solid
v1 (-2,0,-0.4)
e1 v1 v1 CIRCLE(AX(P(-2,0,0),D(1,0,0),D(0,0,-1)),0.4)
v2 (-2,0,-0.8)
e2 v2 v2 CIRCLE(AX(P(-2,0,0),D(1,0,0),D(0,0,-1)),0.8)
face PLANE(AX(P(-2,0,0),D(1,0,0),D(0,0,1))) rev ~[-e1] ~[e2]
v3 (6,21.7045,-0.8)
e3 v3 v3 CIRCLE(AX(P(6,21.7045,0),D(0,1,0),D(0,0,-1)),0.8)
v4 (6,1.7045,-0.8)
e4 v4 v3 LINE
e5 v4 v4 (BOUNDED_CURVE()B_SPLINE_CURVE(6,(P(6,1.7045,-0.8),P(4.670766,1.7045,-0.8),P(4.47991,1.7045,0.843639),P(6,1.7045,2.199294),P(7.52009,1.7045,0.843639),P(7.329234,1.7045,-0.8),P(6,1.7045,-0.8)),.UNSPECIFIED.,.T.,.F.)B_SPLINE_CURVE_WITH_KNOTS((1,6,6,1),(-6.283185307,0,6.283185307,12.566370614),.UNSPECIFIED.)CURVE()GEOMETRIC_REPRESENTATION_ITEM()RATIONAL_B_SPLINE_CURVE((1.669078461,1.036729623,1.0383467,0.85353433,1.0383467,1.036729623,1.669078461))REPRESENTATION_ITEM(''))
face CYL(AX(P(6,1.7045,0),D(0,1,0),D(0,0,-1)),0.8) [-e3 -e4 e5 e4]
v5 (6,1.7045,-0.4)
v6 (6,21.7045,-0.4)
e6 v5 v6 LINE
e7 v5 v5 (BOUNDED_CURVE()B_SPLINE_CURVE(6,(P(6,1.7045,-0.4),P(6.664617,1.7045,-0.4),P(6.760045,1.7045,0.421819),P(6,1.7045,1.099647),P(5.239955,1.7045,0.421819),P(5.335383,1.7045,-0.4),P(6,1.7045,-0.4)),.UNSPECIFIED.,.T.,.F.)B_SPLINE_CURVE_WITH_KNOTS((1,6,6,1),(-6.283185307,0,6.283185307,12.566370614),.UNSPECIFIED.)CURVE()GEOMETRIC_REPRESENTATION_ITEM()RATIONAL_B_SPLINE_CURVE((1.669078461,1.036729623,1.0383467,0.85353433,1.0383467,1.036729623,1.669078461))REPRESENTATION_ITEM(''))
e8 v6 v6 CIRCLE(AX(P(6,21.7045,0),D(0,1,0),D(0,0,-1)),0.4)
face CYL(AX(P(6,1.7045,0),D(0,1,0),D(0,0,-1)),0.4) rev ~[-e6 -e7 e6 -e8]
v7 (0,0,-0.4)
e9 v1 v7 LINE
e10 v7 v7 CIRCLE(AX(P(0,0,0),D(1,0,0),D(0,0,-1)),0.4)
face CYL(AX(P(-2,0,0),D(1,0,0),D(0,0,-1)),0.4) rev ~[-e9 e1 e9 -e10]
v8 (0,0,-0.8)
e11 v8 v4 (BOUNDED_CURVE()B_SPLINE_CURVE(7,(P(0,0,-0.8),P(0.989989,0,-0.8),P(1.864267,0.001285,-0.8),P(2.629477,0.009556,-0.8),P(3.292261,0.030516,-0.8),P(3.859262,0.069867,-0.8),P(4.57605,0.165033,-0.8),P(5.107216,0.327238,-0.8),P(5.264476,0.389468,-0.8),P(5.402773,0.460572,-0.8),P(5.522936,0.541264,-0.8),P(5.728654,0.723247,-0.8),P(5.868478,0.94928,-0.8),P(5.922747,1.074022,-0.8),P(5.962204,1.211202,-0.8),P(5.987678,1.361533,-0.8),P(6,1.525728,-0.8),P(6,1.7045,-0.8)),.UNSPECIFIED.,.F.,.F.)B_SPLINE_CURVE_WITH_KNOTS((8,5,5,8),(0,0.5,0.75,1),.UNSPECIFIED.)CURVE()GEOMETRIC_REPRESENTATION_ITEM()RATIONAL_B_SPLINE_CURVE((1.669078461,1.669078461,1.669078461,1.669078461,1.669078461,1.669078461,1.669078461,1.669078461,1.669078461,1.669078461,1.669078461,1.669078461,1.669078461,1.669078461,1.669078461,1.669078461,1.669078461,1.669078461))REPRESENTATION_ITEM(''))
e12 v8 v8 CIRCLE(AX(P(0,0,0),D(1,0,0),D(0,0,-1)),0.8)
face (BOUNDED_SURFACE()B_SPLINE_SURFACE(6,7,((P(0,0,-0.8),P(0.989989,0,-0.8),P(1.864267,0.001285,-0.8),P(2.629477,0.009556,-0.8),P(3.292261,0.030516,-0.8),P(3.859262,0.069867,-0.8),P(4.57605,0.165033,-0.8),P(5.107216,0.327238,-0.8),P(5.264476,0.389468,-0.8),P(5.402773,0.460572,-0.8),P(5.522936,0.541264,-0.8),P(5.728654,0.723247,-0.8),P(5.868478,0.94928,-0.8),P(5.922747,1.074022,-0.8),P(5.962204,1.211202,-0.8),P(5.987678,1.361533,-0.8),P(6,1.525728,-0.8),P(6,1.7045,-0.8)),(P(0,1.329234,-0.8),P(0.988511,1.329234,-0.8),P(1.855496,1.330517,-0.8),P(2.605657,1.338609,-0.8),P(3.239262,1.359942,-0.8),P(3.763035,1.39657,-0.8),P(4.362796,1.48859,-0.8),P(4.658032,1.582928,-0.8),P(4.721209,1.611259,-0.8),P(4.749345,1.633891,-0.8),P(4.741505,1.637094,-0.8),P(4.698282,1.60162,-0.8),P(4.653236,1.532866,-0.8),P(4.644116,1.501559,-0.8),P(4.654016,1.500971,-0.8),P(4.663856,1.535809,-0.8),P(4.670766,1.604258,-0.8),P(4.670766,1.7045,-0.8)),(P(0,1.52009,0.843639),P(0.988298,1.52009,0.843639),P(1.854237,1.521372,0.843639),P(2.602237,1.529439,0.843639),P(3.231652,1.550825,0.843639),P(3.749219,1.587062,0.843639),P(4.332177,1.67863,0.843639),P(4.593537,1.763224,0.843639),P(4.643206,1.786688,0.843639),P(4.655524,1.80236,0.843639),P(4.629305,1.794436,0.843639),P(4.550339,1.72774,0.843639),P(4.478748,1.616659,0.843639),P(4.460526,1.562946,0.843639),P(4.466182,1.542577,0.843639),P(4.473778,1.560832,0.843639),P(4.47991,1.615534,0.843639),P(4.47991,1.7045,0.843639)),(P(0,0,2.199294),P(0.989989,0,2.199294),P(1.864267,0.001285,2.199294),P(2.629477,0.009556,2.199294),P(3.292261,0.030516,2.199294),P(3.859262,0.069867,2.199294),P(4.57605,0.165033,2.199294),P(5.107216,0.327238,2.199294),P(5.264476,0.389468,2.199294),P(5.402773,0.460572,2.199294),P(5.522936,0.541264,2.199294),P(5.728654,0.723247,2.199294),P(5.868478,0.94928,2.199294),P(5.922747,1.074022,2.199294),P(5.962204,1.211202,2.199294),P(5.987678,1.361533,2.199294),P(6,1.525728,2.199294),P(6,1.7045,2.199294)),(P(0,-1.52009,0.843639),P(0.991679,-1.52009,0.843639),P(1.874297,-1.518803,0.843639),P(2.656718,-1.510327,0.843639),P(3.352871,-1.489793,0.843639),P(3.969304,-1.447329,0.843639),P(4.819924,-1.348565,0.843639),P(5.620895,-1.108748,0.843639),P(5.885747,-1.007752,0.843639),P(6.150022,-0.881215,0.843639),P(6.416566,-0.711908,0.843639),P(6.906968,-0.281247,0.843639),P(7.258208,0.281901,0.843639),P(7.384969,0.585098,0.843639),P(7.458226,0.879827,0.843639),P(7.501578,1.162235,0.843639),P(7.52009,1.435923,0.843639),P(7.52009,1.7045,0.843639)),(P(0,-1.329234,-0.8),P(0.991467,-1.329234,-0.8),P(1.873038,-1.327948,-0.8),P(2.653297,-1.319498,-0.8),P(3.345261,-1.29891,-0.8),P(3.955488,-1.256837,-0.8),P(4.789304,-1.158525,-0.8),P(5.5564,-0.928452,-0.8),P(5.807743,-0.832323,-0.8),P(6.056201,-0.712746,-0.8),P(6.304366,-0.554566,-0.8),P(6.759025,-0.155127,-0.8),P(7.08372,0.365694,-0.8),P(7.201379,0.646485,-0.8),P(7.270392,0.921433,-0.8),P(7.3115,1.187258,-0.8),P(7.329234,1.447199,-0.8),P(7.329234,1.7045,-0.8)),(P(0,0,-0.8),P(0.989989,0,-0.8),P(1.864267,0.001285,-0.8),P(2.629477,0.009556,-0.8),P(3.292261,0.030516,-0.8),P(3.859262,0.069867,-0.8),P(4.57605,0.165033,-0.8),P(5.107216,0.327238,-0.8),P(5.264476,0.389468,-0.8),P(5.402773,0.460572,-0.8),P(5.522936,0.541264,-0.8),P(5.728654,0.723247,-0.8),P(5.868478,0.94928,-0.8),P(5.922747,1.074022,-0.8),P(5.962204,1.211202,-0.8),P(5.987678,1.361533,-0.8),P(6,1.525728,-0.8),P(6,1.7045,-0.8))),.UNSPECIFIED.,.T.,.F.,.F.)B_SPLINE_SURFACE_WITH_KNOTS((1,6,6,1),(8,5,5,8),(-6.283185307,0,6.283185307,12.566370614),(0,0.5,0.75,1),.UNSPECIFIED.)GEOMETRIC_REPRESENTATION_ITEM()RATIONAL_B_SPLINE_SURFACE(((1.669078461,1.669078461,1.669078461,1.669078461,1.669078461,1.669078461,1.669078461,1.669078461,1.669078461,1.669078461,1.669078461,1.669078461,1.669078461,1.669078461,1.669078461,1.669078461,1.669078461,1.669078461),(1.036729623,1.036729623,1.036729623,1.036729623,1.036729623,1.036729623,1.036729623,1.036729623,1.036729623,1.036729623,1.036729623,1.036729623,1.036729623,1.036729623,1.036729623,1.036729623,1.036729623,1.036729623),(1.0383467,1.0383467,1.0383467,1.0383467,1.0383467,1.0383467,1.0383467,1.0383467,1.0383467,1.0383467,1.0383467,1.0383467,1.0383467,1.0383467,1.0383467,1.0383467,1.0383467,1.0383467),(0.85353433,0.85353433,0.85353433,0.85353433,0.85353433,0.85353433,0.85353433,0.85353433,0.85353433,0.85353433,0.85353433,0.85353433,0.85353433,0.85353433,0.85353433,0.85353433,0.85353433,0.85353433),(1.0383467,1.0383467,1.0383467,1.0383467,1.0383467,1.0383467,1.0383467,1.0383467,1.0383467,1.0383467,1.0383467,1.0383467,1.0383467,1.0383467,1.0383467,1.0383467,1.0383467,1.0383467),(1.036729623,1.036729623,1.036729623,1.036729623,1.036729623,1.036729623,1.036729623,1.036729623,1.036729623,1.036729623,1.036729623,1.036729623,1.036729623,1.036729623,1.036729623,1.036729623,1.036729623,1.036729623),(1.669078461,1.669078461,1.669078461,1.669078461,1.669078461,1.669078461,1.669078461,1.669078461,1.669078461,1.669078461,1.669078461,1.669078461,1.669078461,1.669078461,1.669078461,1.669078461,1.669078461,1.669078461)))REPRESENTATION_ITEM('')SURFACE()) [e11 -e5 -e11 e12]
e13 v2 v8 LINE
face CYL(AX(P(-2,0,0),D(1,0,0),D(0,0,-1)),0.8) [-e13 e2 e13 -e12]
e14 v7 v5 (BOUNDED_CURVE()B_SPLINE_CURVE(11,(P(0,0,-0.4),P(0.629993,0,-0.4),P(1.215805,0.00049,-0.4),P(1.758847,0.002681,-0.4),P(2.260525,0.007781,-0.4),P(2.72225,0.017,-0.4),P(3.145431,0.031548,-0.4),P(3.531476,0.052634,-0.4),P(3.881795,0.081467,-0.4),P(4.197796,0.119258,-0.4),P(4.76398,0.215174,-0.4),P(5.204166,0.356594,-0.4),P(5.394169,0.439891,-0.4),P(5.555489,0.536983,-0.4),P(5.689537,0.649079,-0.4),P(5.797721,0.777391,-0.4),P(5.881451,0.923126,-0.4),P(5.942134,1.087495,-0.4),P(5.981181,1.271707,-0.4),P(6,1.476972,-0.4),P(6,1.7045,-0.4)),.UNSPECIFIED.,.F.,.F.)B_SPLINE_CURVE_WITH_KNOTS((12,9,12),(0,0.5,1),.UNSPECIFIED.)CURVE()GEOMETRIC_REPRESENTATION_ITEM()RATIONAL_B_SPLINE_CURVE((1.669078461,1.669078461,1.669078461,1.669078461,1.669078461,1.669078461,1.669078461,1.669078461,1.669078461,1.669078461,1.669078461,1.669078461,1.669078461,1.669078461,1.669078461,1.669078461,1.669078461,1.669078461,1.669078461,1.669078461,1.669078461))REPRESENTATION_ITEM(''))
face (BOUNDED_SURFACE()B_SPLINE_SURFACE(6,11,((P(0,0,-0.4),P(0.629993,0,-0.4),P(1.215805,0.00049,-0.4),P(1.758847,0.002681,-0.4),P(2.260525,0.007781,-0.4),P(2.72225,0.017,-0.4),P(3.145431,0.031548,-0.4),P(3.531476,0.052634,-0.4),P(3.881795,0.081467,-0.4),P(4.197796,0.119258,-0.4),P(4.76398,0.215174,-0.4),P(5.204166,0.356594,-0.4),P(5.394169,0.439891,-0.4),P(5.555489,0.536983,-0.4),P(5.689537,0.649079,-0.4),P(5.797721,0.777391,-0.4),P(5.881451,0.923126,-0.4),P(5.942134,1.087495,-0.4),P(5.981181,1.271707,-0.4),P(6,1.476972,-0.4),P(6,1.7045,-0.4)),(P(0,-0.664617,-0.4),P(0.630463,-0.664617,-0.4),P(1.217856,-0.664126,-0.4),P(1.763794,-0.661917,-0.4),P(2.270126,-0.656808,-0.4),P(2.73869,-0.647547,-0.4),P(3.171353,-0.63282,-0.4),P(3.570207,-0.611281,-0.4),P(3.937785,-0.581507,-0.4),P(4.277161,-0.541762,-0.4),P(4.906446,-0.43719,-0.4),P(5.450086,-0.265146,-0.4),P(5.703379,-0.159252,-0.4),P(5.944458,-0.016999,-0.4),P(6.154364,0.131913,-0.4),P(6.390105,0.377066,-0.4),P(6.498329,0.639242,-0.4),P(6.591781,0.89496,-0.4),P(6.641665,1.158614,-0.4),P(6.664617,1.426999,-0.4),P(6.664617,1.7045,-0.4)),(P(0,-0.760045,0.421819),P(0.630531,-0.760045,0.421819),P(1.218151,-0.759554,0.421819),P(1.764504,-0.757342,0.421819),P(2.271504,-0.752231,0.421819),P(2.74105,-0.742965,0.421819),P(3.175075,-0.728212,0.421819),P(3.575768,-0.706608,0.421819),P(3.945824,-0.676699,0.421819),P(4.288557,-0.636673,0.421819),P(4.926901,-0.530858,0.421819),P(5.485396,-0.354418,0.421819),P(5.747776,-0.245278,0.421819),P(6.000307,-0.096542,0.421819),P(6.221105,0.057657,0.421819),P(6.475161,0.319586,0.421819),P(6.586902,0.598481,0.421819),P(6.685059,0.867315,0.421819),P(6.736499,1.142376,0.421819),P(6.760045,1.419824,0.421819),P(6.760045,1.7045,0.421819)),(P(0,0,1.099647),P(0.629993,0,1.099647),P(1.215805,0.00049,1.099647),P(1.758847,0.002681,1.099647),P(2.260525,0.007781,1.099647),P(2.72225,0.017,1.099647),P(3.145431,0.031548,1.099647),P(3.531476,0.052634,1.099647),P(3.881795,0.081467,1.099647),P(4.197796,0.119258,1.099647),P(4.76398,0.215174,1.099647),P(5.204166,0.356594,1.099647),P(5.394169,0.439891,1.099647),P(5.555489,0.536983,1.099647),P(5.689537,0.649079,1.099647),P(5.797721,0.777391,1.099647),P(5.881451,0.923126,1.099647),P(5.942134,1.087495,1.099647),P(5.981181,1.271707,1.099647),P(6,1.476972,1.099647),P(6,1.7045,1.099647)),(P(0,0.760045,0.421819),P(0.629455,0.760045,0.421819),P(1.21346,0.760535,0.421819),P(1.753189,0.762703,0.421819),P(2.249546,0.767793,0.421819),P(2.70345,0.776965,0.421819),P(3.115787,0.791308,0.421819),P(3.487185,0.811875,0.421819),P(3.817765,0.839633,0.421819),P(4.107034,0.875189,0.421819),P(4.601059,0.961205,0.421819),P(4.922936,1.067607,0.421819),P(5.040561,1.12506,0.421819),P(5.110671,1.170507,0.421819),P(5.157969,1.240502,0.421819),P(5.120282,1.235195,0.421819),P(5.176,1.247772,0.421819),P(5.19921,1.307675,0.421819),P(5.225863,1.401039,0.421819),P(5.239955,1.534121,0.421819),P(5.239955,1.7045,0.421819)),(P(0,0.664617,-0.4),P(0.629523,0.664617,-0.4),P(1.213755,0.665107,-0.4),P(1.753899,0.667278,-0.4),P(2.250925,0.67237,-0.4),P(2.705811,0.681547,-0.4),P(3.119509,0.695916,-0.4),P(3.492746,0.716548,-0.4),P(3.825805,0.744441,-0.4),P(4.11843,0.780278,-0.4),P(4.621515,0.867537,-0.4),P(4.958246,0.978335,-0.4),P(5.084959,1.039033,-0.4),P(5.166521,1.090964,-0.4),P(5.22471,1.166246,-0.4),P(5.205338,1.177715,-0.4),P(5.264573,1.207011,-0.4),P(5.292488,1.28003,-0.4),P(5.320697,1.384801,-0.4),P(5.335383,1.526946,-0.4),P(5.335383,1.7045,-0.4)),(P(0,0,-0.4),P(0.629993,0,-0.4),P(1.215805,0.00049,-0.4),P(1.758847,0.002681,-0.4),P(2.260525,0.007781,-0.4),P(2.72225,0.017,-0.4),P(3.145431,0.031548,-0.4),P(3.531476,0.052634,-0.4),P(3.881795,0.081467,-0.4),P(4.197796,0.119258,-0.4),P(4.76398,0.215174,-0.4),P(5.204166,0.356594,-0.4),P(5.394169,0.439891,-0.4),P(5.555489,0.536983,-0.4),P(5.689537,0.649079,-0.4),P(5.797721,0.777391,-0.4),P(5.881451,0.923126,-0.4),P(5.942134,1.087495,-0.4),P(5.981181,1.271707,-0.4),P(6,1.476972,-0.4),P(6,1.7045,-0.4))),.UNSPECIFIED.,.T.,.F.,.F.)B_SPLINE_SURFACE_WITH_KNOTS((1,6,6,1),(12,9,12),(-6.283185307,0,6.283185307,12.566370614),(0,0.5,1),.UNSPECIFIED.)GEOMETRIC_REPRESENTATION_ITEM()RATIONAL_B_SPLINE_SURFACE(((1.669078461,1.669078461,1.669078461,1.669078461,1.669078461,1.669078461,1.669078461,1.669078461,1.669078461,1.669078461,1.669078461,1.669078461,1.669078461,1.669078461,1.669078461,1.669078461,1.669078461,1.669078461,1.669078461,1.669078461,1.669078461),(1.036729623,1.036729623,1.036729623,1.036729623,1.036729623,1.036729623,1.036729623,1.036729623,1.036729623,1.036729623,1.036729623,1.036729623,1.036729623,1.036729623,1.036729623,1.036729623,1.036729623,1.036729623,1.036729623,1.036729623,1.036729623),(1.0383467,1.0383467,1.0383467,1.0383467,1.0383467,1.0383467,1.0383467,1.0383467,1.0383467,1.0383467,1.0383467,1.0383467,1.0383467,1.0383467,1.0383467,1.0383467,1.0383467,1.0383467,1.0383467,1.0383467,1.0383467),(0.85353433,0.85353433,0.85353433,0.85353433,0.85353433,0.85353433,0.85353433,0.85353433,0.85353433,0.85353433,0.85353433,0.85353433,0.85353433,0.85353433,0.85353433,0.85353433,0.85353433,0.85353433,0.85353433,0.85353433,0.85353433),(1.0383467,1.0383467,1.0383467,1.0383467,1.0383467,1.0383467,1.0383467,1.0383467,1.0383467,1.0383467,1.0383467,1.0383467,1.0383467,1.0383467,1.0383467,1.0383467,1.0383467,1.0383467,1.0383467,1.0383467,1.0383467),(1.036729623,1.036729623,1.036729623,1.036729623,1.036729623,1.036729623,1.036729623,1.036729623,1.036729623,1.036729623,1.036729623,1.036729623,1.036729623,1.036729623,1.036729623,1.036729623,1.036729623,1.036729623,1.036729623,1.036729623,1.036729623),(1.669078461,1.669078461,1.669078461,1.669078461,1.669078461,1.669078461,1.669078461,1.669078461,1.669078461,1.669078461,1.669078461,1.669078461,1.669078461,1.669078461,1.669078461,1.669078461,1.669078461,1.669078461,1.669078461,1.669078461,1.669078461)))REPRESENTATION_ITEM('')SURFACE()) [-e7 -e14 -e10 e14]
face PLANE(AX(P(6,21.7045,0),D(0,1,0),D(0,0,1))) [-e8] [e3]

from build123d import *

# Parameters (mm, degrees)
PIPERING_R   = 0.8
PIPERING_R_2 = 0.4


with BuildPart() as part:
    # Pipe: sweep along a path in PipeSke
    with BuildLine() as pipe_path:  # in the path sketch's own coordinates; laid on its plane below (add() does not lay a ready-made edge on the line's plane)
        Line((-2, 0), (0, 0))
        add(Edge.make_bspline(
            [(0, 0), (4.619948081, 0), (6, 0.035966381), (6, 1.704499781)],
            knots=[0, 0, 0, 0, 1, 1, 1, 1], degree=3))
        Line((6, 1.704499781), (6, 21.704499781))
    # PipeRing → Pipe (sweep)
    with BuildSketch(Plane(origin=(0, 0, 0), x_dir=(0, 0, -1), z_dir=(1, 0, 0))):
        Circle(PIPERING_R)
        Circle(PIPERING_R_2, mode=Mode.SUBTRACT)
    sweep(path=Plane.XY * pipe_path.line)


solid = part.part
